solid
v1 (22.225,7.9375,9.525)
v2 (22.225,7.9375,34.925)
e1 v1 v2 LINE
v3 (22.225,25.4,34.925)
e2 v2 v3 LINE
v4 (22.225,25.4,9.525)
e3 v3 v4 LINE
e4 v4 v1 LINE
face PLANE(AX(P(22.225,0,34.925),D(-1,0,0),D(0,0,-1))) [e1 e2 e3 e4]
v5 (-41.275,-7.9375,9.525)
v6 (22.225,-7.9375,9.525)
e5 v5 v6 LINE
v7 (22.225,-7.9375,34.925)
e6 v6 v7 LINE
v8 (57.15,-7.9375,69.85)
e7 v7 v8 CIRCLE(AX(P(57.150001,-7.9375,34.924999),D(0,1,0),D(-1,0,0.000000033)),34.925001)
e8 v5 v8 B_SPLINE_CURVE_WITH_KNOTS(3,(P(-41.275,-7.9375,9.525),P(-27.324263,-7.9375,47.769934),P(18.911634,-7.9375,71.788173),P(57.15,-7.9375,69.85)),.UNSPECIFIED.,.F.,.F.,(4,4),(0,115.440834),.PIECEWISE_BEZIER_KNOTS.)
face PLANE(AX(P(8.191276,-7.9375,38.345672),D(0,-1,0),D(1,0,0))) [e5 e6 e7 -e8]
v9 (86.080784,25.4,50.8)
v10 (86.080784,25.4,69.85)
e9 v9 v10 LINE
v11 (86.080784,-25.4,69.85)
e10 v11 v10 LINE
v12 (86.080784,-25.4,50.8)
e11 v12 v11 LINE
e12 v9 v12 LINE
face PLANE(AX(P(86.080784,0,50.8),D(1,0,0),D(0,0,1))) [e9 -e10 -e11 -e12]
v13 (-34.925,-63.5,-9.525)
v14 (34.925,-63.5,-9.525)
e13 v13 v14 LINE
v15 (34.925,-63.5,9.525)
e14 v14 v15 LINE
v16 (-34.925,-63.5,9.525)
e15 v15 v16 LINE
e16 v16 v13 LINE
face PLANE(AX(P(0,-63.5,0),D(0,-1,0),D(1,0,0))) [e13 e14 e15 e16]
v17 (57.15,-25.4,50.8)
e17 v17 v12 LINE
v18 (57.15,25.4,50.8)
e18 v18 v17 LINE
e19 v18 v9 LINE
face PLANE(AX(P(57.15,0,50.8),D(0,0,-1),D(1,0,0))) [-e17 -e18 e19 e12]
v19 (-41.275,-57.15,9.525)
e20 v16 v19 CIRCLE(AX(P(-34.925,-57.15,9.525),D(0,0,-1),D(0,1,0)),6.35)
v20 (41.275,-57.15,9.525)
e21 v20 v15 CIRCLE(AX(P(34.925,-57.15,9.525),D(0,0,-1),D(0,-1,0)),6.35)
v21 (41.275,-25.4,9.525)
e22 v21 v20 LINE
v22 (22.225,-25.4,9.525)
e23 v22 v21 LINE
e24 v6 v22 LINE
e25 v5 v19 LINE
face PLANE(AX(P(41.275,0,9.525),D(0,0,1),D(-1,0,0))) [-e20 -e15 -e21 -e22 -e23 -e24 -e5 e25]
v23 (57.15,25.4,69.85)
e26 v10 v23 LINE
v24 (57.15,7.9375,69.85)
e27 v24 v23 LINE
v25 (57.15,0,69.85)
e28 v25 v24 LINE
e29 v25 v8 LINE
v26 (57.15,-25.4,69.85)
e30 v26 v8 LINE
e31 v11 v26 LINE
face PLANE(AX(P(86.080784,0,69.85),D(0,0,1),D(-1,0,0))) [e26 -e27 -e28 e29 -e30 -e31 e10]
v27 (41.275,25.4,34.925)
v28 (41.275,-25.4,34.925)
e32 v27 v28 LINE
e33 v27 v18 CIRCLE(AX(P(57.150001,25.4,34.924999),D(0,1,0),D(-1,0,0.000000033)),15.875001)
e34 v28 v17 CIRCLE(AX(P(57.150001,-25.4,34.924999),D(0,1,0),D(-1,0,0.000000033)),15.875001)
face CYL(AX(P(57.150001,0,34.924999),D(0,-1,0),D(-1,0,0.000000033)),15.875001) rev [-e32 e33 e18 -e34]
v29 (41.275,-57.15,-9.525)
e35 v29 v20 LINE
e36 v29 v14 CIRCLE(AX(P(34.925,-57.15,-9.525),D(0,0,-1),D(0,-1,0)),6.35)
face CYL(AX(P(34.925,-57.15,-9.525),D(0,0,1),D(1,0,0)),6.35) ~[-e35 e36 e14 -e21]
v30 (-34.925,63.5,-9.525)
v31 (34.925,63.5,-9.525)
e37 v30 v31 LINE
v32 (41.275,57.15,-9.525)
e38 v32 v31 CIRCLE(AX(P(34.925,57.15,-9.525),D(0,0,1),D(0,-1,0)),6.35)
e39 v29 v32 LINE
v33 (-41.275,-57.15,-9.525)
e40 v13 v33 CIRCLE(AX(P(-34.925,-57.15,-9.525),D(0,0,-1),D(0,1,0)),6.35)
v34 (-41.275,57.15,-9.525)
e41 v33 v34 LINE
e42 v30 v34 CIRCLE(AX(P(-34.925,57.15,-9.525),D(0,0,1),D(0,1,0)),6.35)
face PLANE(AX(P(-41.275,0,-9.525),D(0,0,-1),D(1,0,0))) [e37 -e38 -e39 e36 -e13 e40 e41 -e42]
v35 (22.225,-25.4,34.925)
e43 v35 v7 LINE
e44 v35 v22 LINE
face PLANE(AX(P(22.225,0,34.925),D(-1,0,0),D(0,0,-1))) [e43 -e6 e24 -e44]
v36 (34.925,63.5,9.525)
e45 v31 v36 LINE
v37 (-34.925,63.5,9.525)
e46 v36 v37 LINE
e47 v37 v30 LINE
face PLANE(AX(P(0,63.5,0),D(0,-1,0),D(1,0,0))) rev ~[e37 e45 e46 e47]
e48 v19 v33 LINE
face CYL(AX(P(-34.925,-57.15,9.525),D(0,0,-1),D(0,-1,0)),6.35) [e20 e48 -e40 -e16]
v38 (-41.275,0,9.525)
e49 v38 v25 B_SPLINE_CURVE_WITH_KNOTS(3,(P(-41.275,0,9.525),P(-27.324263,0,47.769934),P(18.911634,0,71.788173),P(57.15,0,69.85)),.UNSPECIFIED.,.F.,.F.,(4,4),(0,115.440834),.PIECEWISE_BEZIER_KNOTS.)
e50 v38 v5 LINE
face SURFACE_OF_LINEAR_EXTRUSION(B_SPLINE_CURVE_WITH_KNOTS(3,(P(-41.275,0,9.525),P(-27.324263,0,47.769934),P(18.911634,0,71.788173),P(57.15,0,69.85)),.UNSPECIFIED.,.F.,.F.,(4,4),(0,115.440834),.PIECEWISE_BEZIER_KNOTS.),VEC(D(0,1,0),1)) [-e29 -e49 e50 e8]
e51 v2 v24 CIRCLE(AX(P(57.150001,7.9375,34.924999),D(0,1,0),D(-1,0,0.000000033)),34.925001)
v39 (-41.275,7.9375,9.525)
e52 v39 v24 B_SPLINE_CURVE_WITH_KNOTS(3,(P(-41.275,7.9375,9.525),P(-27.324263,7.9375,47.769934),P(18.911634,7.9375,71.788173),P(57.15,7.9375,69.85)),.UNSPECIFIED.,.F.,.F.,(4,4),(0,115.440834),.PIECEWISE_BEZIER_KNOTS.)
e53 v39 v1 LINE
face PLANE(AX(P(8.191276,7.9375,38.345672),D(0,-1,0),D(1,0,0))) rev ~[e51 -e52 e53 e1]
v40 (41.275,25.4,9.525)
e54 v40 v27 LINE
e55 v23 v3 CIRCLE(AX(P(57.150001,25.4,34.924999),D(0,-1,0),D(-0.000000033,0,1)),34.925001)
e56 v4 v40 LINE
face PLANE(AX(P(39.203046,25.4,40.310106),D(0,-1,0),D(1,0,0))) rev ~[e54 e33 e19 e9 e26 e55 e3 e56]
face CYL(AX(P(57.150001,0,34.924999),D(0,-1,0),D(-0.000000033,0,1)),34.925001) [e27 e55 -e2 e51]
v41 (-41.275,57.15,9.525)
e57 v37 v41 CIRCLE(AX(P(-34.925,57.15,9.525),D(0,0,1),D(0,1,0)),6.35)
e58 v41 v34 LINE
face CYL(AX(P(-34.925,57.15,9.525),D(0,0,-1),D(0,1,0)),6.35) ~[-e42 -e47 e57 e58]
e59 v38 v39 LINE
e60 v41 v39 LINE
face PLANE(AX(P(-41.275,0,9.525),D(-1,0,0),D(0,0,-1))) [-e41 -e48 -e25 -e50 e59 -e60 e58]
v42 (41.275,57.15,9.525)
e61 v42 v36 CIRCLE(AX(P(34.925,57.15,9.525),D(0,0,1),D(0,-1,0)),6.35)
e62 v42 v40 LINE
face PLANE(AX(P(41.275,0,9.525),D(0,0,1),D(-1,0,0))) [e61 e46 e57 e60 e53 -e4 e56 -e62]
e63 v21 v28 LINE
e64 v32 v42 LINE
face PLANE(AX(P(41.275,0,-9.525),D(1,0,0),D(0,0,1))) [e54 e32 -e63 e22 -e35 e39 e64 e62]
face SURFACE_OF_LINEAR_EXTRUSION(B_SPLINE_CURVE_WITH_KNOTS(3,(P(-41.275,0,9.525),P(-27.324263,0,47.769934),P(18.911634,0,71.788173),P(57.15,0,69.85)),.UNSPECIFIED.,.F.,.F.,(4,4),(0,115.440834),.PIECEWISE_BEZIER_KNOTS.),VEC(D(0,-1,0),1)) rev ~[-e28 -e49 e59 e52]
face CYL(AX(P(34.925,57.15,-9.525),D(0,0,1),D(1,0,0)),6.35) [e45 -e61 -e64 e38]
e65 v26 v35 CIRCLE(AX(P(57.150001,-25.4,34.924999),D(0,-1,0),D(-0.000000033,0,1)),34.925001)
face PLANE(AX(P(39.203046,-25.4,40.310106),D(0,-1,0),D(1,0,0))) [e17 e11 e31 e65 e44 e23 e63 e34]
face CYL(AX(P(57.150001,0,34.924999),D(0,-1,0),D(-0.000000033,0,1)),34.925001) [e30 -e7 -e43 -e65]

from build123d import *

# Parameters (mm, degrees)
F1_DEPTH = 63.5
F0_W     = 25.755785
F0_H     = 19.05
F2_DEPTH = 25.4
F3_DEPTH = 7.9375
F4_R     = 6.35


with BuildPart() as f1:
    # F0 (on Front) → F1 (new body, symmetric)
    with BuildSketch(Plane.XZ):
        Polygon((41.275, -9.525), (41.275, 9.525), (22.225, 9.525), (-41.275, 9.525), (-41.275, -9.525), align=None)
    extrude(amount=F1_DEPTH, both=True)

    # F0 (on Front) → F2 (join, symmetric)
    with BuildSketch(Plane.XZ):
        with BuildLine():
            Line((22.225, 9.525), (41.275, 9.525))
            Line((41.275, 9.525), (41.275, 34.925))
            ThreePointArc((41.275, 34.925), (45.92468, 46.15032), (57.15, 50.8))
            Line((57.15, 50.8), (60.325, 50.8))
            Line((60.325, 50.8), (60.325, 69.85))
            Line((60.325, 69.85), (57.15, 69.85))
            ThreePointArc((57.15, 69.85), (32.454296, 59.620704), (22.225, 34.925))
            Line((22.225, 34.925), (22.225, 9.525))
        make_face()
        with Locations((73.202892, 60.325)):
            Rectangle(F0_W, F0_H)
    extrude(amount=F2_DEPTH, both=True)

    # F0 (on Front) → F3 (join, symmetric)
    with BuildSketch(Plane.XZ):
        with BuildLine():
            Line((-41.275, 9.525), (22.225, 9.525))
            Line((22.225, 9.525), (22.225, 34.925))
            ThreePointArc((22.225, 34.925), (32.454296, 59.620704), (57.15, 69.85))
            add(Edge.make_bspline(
                [(-41.275, 9.525), (-27.324263, 47.769934), (18.911634, 71.788173), (57.15, 69.85)],
                knots=[0, 0, 0, 0, 115.440834, 115.440834, 115.440834, 115.440834], degree=3))
        make_face()
    extrude(amount=F3_DEPTH, both=True)

    # F4
    f4_edges = [f1.edges().sort_by_distance(p)[0] for p in [
        (41.275, -63.5, 0),
        (-41.275, -63.5, 0),
        (41.275, 63.5, 0),
        (-41.275, 63.5, 0),
    ]]
    fillet(f4_edges, radius=F4_R)


solid = f1.part
